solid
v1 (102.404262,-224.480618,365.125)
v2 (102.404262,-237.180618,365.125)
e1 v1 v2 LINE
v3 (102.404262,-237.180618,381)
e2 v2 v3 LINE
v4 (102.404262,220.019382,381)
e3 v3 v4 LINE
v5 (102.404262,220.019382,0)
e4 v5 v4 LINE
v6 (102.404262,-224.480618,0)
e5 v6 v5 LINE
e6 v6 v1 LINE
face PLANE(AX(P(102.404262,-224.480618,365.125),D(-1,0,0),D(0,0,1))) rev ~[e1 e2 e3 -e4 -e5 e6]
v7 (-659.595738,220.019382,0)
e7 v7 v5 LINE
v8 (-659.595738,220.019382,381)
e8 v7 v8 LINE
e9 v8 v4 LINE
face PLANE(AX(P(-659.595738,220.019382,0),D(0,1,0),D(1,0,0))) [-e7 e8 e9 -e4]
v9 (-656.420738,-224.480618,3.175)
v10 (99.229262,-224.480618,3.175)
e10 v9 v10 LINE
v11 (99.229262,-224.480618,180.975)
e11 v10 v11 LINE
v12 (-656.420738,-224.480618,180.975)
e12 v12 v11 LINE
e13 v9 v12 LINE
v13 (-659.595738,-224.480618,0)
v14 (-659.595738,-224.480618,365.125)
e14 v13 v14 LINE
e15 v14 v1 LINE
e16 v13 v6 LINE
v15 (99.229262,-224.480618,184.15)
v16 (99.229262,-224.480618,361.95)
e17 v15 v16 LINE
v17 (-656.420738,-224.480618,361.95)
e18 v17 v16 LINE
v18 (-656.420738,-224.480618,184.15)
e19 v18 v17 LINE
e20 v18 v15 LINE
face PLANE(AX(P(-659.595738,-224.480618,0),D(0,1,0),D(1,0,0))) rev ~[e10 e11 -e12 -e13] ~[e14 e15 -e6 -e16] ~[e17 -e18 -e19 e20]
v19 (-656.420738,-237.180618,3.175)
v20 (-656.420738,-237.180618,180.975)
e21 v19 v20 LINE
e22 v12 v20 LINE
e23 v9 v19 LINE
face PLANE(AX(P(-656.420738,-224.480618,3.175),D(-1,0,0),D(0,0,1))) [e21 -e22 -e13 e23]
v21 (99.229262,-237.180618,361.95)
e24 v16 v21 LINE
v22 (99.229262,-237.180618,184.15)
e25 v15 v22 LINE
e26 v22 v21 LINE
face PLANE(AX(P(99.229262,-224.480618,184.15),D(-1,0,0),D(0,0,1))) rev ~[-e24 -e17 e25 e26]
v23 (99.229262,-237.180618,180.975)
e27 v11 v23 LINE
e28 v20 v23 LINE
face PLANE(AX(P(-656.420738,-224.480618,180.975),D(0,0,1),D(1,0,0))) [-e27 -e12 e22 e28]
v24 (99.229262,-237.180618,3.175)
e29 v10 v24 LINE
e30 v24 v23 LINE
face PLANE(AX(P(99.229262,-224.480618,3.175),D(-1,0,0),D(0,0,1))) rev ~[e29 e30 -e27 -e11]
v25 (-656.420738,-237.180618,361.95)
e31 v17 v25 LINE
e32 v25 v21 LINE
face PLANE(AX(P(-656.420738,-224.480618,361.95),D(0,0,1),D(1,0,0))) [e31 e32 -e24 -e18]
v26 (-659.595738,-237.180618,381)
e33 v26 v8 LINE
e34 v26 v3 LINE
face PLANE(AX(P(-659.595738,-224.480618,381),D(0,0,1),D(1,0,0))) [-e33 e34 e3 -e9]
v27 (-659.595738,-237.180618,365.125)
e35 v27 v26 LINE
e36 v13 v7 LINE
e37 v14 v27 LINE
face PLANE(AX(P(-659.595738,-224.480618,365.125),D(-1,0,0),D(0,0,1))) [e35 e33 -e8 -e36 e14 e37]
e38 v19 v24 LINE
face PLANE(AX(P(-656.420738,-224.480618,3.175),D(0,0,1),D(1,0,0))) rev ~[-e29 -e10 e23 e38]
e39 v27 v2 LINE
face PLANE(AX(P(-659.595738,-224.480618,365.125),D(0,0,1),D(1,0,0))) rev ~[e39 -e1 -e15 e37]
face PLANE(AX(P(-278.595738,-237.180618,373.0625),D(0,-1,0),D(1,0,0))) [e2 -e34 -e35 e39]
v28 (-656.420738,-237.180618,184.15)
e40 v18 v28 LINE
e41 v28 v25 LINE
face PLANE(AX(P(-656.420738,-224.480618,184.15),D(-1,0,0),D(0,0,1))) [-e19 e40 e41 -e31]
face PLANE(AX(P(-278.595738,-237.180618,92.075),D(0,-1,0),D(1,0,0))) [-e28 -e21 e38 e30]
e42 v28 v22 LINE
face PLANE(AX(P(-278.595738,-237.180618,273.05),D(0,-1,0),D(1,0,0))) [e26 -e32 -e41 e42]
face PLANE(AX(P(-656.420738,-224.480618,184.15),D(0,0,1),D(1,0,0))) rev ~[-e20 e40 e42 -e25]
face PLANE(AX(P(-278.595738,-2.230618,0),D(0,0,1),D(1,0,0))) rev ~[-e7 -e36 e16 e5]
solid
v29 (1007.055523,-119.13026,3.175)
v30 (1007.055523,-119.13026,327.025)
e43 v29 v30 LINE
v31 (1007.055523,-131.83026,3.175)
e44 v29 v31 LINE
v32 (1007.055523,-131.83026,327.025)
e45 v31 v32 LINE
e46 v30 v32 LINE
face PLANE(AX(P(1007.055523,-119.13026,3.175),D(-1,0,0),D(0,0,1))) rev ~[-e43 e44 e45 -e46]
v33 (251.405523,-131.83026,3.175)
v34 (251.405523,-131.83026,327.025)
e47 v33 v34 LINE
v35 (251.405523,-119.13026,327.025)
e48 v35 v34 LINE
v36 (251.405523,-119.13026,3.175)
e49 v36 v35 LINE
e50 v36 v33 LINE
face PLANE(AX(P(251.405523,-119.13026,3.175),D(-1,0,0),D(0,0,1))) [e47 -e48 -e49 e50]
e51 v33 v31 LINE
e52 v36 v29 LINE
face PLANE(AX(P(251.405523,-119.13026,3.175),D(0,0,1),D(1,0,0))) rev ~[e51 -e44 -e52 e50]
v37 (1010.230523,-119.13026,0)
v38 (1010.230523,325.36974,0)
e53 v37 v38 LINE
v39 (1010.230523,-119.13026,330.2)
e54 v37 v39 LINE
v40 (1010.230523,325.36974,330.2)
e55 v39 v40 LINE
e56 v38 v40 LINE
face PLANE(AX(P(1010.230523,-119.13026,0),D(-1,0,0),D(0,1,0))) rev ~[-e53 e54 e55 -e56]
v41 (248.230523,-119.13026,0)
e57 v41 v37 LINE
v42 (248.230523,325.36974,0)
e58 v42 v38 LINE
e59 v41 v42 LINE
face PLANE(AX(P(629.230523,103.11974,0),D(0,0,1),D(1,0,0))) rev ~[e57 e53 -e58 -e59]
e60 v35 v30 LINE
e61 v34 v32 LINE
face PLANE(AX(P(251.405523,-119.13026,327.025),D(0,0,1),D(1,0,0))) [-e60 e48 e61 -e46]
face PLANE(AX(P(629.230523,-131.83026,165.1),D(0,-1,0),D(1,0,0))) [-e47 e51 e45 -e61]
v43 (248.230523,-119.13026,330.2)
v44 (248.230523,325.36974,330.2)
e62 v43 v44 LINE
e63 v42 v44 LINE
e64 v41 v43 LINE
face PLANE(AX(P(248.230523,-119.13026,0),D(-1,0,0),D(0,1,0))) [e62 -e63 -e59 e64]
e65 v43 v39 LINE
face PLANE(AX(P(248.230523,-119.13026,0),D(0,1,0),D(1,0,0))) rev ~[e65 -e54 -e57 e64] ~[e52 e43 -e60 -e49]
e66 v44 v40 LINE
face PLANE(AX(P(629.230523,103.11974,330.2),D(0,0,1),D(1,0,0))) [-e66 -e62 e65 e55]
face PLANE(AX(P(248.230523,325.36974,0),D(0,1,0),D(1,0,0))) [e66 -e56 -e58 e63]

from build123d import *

# Parameters (mm, degrees)
F0_W     = 762
F0_H     = 444.5
F1_DEPTH = 381
F2_W     = 755.65
F2_H     = 177.8
F2_W_2   = 762
F2_H_2   = 15.875
F3_DEPTH = 12.7
F4_W     = 762
F4_H     = 444.5
F5_DEPTH = 330.2
F6_W     = 755.65
F6_H     = 323.85
F7_DEPTH = 12.7


with BuildPart() as f1:
    # F0 (on Top) → F1 (new body)
    with BuildSketch(Plane.XY):
        with Locations((-278.595738, -2.230618)):
            Rectangle(F0_W, F0_H)
    extrude(amount=F1_DEPTH)

    # F2 (on face) → F3 (join)
    with BuildSketch(Plane.XZ.offset(224.480618)):
        with Locations((-278.595738, 92.075)):
            Rectangle(F2_W, F2_H)
        with Locations((-278.595738, 273.05)):
            Rectangle(F2_W, F2_H)
        with Locations((-278.595738, 373.0625)):
            Rectangle(F2_W_2, F2_H_2)
    extrude(amount=F3_DEPTH)


with BuildPart() as f5:
    # F4 (on Top) → F5 (new body)
    with BuildSketch(Plane.XY):
        with Locations((629.230523, 103.11974)):
            Rectangle(F4_W, F4_H)
    extrude(amount=F5_DEPTH)

    # F6 (on face) → F7 (join)
    with BuildSketch(Plane.XZ.offset(119.13026)):
        with Locations((629.230523, 165.1)):
            Rectangle(F6_W, F6_H)
    extrude(amount=F7_DEPTH)


solid = Compound([f1.part, f5.part])
